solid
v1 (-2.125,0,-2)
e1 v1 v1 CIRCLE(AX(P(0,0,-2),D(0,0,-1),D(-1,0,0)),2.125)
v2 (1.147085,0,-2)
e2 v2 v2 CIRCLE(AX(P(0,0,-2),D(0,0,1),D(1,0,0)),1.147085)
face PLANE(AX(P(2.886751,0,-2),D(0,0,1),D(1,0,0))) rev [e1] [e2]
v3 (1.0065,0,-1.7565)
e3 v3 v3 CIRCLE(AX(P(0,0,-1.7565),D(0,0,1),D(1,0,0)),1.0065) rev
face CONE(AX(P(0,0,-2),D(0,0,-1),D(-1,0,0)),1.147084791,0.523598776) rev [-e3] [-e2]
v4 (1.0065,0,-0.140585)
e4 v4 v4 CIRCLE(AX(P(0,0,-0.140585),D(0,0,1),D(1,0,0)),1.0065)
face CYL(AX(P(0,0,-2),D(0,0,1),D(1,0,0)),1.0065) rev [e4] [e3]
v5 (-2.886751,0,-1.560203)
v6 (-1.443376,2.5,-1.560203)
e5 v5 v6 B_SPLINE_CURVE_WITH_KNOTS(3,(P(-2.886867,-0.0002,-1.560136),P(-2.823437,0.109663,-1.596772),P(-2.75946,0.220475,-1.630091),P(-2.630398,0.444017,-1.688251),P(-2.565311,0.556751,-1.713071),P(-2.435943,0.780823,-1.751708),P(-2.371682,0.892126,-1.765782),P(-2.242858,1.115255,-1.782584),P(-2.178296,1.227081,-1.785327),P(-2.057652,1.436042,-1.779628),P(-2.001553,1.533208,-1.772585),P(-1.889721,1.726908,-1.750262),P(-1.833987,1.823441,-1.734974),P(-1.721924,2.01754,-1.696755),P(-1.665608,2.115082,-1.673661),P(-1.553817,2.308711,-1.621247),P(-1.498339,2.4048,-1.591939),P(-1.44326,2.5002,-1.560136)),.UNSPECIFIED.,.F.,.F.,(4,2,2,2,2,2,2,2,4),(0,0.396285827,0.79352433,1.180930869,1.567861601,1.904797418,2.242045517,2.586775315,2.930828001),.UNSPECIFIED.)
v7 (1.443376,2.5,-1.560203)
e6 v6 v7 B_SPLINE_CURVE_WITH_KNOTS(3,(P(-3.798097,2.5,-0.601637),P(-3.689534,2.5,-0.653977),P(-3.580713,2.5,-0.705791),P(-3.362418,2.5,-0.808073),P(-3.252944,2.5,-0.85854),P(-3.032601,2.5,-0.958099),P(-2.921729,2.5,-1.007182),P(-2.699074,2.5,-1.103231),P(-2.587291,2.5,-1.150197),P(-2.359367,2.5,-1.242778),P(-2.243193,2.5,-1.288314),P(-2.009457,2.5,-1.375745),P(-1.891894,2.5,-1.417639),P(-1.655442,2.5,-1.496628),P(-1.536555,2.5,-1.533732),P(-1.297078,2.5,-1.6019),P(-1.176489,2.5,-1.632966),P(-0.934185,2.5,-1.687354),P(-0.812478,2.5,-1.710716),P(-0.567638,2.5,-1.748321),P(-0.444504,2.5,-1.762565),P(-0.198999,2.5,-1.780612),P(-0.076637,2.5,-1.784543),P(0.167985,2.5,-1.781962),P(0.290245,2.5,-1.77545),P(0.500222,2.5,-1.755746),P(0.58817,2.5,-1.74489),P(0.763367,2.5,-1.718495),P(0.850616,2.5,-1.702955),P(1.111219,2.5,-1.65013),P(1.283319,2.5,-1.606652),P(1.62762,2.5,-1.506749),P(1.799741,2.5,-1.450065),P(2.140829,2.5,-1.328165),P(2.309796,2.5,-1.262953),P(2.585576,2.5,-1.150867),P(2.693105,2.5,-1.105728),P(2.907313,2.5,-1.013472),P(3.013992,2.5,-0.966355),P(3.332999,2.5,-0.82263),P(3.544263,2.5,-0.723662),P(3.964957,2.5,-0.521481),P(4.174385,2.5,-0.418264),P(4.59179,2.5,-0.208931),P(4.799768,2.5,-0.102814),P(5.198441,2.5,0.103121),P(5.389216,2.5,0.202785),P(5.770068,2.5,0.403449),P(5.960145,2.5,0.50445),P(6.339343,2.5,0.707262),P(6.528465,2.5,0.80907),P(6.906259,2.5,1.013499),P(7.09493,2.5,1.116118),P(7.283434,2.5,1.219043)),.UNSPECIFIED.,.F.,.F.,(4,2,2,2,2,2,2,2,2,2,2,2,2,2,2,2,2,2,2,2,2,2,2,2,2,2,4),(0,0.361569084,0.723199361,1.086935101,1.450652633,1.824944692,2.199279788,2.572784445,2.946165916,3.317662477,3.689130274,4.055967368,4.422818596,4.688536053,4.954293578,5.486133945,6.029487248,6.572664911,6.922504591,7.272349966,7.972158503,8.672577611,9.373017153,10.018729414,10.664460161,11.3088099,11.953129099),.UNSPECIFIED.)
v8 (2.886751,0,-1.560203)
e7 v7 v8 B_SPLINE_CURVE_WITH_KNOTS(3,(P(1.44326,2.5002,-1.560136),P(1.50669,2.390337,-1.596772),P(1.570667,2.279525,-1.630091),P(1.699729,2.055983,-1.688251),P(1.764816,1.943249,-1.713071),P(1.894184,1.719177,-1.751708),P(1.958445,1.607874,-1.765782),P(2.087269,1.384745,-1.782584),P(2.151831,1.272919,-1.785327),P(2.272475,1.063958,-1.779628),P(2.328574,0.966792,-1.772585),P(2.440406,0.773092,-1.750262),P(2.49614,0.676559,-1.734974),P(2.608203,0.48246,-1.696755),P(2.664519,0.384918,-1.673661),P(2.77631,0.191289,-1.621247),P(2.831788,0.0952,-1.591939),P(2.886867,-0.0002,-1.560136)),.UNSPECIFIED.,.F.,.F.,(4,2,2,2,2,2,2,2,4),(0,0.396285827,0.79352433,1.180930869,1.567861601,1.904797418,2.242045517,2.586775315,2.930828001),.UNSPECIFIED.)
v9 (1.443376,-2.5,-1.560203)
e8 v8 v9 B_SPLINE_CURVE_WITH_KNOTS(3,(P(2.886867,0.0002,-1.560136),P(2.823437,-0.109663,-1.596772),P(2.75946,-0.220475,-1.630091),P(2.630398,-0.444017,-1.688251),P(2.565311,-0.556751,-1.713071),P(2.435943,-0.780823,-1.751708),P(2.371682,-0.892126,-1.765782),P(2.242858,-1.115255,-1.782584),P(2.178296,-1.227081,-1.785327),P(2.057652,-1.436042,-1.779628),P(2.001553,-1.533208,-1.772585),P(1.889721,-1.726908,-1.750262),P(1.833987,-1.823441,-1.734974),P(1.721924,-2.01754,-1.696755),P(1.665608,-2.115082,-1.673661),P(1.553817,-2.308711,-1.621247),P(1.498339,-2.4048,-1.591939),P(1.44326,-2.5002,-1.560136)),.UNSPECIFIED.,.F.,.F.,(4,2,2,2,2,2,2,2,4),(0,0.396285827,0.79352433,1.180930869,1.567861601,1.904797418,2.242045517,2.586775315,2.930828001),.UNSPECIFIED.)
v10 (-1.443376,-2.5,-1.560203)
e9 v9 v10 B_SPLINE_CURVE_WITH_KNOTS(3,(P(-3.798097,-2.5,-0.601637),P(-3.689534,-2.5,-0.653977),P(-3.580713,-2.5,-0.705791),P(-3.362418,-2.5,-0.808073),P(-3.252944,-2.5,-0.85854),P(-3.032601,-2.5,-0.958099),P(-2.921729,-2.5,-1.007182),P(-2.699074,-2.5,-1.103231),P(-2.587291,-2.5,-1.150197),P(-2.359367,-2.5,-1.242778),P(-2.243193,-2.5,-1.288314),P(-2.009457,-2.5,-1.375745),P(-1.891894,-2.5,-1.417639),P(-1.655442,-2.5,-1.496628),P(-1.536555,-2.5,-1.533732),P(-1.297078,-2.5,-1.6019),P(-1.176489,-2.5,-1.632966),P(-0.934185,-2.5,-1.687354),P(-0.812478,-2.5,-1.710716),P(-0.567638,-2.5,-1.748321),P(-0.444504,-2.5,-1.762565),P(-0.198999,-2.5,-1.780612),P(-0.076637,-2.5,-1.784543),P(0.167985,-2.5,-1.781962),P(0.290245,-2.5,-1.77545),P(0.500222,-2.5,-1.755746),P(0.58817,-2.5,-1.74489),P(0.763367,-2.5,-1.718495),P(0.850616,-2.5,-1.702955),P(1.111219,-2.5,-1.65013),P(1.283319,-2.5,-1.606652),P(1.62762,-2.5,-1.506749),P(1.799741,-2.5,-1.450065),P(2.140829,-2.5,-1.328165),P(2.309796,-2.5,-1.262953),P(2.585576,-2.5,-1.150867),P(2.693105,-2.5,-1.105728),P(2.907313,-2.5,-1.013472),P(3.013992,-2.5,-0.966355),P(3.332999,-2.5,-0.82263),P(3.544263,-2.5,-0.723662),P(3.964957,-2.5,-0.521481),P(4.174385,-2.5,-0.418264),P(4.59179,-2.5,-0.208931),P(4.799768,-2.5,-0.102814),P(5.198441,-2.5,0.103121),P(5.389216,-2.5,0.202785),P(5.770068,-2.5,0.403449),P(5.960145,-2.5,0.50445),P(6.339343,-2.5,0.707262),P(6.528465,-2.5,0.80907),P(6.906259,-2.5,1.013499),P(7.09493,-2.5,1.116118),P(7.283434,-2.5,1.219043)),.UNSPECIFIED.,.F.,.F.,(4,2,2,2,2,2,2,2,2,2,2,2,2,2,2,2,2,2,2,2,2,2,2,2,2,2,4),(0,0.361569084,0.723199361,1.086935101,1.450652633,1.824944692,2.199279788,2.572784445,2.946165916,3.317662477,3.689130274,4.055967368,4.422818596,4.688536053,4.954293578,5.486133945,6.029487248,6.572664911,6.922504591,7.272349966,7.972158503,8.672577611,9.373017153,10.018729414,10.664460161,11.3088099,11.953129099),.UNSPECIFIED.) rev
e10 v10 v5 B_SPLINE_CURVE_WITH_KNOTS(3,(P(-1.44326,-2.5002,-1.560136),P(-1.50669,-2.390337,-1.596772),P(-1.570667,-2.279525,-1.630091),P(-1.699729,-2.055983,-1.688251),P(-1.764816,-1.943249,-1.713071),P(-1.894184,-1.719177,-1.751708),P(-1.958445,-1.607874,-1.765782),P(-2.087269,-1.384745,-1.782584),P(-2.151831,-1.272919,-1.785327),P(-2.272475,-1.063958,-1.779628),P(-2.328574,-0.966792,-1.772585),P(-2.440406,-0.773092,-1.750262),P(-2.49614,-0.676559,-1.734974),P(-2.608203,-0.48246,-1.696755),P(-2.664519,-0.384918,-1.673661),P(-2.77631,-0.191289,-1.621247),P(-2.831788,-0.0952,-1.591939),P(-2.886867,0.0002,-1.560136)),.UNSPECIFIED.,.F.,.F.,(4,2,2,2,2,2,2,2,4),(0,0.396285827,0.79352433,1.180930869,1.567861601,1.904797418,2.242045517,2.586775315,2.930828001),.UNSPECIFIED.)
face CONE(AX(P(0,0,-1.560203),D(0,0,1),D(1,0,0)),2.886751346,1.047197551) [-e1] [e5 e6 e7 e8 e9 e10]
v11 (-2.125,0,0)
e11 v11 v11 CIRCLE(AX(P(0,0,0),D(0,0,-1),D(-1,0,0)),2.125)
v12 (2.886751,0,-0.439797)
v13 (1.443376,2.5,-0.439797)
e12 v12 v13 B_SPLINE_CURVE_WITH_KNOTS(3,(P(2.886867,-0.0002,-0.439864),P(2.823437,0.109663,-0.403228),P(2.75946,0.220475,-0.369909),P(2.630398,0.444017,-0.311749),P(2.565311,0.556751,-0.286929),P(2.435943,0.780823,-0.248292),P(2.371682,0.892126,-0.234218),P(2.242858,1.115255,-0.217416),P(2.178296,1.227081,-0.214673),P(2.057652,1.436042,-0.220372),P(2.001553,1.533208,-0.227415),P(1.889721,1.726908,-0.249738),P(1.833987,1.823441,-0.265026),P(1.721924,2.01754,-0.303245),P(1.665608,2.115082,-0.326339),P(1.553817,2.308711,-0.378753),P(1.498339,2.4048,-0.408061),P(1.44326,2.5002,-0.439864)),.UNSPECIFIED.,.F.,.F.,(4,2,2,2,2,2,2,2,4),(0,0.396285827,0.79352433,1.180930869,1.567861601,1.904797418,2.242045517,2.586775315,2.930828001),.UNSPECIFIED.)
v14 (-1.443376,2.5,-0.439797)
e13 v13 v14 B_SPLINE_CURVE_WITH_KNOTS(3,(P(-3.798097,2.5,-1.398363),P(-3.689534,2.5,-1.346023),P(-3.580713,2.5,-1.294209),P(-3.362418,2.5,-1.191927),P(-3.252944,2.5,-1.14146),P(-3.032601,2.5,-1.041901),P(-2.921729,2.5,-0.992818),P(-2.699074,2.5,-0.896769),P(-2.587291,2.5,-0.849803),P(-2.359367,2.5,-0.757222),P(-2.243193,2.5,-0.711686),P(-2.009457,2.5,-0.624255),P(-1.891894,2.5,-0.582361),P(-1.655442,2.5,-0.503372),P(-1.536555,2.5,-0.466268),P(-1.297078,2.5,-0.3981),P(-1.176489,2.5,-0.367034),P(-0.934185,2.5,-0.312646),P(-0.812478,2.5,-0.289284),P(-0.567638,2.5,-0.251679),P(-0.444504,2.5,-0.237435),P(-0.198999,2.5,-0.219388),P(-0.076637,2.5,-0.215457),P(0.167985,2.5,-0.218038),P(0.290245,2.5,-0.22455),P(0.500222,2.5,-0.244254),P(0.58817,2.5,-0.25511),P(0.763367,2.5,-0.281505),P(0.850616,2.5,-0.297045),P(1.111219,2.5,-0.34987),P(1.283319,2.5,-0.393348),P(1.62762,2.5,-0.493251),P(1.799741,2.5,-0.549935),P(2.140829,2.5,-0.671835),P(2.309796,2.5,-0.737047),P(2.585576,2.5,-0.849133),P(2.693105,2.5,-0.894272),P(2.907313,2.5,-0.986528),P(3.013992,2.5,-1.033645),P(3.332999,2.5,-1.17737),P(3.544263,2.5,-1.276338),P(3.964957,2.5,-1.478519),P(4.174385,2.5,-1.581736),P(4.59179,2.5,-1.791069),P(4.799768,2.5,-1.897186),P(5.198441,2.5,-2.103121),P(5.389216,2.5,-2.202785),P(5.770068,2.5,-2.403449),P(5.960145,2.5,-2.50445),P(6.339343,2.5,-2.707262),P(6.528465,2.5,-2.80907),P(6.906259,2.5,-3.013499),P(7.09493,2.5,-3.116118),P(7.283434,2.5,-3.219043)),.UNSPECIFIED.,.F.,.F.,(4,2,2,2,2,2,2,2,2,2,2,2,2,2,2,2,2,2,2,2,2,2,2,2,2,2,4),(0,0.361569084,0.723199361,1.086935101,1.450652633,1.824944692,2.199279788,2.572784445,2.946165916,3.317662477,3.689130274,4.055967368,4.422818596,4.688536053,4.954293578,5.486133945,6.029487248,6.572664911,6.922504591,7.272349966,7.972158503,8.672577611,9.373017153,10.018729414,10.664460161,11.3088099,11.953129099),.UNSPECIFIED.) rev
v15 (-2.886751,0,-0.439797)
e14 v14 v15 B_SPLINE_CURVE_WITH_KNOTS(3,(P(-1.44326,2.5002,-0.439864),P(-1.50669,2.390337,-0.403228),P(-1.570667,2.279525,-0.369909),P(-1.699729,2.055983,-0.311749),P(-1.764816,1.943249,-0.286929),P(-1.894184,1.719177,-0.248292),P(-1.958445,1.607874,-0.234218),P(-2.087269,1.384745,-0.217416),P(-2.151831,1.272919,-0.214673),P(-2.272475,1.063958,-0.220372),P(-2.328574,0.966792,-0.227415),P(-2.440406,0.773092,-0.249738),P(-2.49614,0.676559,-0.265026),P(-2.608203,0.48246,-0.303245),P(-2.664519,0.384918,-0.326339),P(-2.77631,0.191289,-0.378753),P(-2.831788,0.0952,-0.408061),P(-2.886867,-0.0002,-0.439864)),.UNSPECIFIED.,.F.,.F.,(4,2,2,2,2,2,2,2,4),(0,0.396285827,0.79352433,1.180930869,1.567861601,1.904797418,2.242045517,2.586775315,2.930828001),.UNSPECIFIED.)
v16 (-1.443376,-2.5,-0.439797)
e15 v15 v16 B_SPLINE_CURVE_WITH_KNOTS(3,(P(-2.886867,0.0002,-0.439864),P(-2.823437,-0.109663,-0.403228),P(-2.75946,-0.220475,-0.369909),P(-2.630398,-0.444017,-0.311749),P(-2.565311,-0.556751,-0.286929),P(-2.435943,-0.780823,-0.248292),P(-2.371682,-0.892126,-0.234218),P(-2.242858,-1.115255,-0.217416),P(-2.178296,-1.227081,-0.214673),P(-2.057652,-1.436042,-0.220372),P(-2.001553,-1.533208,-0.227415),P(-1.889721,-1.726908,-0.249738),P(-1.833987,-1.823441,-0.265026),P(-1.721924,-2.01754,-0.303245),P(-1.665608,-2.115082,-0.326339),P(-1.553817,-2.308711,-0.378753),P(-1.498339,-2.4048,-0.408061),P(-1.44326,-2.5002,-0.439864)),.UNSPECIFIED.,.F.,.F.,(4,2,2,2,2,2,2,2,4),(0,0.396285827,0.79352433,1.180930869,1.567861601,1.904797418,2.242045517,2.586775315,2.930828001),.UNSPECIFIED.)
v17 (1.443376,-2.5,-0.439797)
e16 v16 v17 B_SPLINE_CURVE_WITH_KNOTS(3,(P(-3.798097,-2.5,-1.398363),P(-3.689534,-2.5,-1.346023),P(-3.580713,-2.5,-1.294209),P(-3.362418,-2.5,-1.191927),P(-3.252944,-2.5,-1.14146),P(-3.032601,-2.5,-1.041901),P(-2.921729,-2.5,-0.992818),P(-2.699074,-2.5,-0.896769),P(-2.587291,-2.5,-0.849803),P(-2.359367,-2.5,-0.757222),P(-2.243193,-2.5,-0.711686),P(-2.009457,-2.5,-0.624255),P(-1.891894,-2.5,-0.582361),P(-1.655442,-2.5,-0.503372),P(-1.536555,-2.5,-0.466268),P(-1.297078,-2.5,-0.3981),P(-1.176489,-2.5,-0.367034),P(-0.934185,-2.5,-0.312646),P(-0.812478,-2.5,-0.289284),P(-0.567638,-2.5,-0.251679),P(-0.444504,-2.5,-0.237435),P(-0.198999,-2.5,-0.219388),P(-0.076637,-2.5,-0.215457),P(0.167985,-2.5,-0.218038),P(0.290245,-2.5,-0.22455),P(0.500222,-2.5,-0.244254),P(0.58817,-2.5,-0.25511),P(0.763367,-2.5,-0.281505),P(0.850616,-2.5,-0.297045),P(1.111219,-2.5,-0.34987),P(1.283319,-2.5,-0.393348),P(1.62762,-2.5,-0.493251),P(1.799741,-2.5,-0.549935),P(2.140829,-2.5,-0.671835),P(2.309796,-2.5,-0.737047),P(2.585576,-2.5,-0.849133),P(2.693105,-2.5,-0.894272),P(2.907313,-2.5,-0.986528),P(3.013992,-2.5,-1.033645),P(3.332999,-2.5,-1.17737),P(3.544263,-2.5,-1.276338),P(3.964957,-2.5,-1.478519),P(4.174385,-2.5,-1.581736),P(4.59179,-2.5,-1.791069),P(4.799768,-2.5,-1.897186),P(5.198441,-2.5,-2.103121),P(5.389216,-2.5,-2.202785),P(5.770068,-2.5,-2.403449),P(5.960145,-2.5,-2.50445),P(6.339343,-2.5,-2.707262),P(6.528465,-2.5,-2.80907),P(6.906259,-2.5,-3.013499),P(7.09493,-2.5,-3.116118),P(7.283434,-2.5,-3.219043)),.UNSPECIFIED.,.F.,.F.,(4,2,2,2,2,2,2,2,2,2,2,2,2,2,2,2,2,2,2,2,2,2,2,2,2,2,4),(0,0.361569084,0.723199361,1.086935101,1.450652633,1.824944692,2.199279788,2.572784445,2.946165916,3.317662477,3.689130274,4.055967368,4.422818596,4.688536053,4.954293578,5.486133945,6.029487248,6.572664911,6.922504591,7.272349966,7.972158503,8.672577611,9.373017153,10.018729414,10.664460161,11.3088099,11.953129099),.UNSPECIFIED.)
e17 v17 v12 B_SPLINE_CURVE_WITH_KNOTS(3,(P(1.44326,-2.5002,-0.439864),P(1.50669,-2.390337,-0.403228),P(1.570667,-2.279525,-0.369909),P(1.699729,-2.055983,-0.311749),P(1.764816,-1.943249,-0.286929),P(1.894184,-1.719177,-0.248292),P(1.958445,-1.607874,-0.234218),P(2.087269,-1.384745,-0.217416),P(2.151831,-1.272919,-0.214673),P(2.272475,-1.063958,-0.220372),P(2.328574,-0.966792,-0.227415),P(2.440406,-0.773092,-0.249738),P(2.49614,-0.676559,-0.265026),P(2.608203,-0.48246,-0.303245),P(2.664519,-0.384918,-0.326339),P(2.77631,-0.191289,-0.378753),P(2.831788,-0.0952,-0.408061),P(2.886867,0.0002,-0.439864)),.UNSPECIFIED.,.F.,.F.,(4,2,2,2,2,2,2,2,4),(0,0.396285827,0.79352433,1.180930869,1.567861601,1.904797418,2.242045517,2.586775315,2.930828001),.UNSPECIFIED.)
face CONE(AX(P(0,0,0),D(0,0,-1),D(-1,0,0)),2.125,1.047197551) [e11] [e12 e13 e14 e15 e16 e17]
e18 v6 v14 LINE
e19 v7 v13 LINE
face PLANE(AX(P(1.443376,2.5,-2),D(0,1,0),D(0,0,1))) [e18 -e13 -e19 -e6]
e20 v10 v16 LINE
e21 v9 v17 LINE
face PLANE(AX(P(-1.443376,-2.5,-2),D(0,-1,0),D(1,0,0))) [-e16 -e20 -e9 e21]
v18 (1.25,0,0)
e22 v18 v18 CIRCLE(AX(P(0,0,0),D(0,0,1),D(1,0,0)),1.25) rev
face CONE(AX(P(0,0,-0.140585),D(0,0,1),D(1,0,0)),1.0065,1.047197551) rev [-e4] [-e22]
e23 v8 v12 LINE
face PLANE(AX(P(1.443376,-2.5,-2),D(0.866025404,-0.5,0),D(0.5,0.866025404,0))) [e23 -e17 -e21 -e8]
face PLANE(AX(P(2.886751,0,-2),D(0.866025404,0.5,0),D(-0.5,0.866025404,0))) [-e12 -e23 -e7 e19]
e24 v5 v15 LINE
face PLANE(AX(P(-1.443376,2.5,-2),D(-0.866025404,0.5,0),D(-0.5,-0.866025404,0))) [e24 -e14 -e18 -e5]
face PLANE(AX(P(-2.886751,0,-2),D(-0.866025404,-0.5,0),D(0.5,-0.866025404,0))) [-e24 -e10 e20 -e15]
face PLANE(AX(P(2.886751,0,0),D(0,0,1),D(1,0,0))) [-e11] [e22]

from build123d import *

# Parameters (mm, degrees)
SKETCH1_R               = 1.0065
BASENUT_DEPTH           = 2
ENDCHAMFER_SIZE         = 0.2435
ENDCHAMFER_SIZE2        = 0.140584791
ENDCHAMFER_PART_2_SIZE  = 0.2435
ENDCHAMFER_PART_2_SIZE2 = 0.140584791


with BuildPart() as part:
    # Sketch1 → BaseNut (new body)
    with BuildSketch(Plane.XY):
        Polygon((2.886751346, 0), (1.443375673, 2.5), (-1.443375673, 2.5), (-2.886751346, 0), (-1.443375673, -2.5), (1.443375673, -2.5), align=None)
        Circle(SKETCH1_R, mode=Mode.SUBTRACT)
    extrude(amount=-BASENUT_DEPTH)

    # Sketch2 → Double-Chamfer (revolve, cut)
    with BuildSketch(Plane(origin=(0, 0, 0), x_dir=(1, 0, 0), z_dir=(0, 1, 0))):
        Polygon((-2.886751346, 2), (-2.125, 2), (-2.886751346, 1.560202655), align=None)
        Polygon((-2.886751346, 0.439797345), (-2.886751346, 0), (-2.125, 0), align=None)
    revolve(axis=Axis((0, 0, -3.375940562), (0, 0, 1)), mode=Mode.SUBTRACT)

    # EndChamfer
    endchamfer_edges = [part.edges().sort_by_distance(p)[0] for p in [
        (-1.0065, 0, -2),
    ]]
    endchamfer_side = [part.faces().sort_by_distance(p)[0] for p in [
        (-1.0065, 0, -1),
    ]]
    chamfer(endchamfer_edges, length=ENDCHAMFER_SIZE, length2=ENDCHAMFER_SIZE2, reference=endchamfer_side[0])

    # EndChamfer part 2
    endchamfer_part_2_edges = [part.edges().sort_by_distance(p)[0] for p in [
        (-1.0065, 0, 0),
    ]]
    endchamfer_part_2_side = [part.faces().sort_by_distance(p)[0] for p in [
        (2.064895924, 0, 0),
    ]]
    chamfer(endchamfer_part_2_edges, length=ENDCHAMFER_PART_2_SIZE, length2=ENDCHAMFER_PART_2_SIZE2, reference=endchamfer_part_2_side[0])


solid = part.part
